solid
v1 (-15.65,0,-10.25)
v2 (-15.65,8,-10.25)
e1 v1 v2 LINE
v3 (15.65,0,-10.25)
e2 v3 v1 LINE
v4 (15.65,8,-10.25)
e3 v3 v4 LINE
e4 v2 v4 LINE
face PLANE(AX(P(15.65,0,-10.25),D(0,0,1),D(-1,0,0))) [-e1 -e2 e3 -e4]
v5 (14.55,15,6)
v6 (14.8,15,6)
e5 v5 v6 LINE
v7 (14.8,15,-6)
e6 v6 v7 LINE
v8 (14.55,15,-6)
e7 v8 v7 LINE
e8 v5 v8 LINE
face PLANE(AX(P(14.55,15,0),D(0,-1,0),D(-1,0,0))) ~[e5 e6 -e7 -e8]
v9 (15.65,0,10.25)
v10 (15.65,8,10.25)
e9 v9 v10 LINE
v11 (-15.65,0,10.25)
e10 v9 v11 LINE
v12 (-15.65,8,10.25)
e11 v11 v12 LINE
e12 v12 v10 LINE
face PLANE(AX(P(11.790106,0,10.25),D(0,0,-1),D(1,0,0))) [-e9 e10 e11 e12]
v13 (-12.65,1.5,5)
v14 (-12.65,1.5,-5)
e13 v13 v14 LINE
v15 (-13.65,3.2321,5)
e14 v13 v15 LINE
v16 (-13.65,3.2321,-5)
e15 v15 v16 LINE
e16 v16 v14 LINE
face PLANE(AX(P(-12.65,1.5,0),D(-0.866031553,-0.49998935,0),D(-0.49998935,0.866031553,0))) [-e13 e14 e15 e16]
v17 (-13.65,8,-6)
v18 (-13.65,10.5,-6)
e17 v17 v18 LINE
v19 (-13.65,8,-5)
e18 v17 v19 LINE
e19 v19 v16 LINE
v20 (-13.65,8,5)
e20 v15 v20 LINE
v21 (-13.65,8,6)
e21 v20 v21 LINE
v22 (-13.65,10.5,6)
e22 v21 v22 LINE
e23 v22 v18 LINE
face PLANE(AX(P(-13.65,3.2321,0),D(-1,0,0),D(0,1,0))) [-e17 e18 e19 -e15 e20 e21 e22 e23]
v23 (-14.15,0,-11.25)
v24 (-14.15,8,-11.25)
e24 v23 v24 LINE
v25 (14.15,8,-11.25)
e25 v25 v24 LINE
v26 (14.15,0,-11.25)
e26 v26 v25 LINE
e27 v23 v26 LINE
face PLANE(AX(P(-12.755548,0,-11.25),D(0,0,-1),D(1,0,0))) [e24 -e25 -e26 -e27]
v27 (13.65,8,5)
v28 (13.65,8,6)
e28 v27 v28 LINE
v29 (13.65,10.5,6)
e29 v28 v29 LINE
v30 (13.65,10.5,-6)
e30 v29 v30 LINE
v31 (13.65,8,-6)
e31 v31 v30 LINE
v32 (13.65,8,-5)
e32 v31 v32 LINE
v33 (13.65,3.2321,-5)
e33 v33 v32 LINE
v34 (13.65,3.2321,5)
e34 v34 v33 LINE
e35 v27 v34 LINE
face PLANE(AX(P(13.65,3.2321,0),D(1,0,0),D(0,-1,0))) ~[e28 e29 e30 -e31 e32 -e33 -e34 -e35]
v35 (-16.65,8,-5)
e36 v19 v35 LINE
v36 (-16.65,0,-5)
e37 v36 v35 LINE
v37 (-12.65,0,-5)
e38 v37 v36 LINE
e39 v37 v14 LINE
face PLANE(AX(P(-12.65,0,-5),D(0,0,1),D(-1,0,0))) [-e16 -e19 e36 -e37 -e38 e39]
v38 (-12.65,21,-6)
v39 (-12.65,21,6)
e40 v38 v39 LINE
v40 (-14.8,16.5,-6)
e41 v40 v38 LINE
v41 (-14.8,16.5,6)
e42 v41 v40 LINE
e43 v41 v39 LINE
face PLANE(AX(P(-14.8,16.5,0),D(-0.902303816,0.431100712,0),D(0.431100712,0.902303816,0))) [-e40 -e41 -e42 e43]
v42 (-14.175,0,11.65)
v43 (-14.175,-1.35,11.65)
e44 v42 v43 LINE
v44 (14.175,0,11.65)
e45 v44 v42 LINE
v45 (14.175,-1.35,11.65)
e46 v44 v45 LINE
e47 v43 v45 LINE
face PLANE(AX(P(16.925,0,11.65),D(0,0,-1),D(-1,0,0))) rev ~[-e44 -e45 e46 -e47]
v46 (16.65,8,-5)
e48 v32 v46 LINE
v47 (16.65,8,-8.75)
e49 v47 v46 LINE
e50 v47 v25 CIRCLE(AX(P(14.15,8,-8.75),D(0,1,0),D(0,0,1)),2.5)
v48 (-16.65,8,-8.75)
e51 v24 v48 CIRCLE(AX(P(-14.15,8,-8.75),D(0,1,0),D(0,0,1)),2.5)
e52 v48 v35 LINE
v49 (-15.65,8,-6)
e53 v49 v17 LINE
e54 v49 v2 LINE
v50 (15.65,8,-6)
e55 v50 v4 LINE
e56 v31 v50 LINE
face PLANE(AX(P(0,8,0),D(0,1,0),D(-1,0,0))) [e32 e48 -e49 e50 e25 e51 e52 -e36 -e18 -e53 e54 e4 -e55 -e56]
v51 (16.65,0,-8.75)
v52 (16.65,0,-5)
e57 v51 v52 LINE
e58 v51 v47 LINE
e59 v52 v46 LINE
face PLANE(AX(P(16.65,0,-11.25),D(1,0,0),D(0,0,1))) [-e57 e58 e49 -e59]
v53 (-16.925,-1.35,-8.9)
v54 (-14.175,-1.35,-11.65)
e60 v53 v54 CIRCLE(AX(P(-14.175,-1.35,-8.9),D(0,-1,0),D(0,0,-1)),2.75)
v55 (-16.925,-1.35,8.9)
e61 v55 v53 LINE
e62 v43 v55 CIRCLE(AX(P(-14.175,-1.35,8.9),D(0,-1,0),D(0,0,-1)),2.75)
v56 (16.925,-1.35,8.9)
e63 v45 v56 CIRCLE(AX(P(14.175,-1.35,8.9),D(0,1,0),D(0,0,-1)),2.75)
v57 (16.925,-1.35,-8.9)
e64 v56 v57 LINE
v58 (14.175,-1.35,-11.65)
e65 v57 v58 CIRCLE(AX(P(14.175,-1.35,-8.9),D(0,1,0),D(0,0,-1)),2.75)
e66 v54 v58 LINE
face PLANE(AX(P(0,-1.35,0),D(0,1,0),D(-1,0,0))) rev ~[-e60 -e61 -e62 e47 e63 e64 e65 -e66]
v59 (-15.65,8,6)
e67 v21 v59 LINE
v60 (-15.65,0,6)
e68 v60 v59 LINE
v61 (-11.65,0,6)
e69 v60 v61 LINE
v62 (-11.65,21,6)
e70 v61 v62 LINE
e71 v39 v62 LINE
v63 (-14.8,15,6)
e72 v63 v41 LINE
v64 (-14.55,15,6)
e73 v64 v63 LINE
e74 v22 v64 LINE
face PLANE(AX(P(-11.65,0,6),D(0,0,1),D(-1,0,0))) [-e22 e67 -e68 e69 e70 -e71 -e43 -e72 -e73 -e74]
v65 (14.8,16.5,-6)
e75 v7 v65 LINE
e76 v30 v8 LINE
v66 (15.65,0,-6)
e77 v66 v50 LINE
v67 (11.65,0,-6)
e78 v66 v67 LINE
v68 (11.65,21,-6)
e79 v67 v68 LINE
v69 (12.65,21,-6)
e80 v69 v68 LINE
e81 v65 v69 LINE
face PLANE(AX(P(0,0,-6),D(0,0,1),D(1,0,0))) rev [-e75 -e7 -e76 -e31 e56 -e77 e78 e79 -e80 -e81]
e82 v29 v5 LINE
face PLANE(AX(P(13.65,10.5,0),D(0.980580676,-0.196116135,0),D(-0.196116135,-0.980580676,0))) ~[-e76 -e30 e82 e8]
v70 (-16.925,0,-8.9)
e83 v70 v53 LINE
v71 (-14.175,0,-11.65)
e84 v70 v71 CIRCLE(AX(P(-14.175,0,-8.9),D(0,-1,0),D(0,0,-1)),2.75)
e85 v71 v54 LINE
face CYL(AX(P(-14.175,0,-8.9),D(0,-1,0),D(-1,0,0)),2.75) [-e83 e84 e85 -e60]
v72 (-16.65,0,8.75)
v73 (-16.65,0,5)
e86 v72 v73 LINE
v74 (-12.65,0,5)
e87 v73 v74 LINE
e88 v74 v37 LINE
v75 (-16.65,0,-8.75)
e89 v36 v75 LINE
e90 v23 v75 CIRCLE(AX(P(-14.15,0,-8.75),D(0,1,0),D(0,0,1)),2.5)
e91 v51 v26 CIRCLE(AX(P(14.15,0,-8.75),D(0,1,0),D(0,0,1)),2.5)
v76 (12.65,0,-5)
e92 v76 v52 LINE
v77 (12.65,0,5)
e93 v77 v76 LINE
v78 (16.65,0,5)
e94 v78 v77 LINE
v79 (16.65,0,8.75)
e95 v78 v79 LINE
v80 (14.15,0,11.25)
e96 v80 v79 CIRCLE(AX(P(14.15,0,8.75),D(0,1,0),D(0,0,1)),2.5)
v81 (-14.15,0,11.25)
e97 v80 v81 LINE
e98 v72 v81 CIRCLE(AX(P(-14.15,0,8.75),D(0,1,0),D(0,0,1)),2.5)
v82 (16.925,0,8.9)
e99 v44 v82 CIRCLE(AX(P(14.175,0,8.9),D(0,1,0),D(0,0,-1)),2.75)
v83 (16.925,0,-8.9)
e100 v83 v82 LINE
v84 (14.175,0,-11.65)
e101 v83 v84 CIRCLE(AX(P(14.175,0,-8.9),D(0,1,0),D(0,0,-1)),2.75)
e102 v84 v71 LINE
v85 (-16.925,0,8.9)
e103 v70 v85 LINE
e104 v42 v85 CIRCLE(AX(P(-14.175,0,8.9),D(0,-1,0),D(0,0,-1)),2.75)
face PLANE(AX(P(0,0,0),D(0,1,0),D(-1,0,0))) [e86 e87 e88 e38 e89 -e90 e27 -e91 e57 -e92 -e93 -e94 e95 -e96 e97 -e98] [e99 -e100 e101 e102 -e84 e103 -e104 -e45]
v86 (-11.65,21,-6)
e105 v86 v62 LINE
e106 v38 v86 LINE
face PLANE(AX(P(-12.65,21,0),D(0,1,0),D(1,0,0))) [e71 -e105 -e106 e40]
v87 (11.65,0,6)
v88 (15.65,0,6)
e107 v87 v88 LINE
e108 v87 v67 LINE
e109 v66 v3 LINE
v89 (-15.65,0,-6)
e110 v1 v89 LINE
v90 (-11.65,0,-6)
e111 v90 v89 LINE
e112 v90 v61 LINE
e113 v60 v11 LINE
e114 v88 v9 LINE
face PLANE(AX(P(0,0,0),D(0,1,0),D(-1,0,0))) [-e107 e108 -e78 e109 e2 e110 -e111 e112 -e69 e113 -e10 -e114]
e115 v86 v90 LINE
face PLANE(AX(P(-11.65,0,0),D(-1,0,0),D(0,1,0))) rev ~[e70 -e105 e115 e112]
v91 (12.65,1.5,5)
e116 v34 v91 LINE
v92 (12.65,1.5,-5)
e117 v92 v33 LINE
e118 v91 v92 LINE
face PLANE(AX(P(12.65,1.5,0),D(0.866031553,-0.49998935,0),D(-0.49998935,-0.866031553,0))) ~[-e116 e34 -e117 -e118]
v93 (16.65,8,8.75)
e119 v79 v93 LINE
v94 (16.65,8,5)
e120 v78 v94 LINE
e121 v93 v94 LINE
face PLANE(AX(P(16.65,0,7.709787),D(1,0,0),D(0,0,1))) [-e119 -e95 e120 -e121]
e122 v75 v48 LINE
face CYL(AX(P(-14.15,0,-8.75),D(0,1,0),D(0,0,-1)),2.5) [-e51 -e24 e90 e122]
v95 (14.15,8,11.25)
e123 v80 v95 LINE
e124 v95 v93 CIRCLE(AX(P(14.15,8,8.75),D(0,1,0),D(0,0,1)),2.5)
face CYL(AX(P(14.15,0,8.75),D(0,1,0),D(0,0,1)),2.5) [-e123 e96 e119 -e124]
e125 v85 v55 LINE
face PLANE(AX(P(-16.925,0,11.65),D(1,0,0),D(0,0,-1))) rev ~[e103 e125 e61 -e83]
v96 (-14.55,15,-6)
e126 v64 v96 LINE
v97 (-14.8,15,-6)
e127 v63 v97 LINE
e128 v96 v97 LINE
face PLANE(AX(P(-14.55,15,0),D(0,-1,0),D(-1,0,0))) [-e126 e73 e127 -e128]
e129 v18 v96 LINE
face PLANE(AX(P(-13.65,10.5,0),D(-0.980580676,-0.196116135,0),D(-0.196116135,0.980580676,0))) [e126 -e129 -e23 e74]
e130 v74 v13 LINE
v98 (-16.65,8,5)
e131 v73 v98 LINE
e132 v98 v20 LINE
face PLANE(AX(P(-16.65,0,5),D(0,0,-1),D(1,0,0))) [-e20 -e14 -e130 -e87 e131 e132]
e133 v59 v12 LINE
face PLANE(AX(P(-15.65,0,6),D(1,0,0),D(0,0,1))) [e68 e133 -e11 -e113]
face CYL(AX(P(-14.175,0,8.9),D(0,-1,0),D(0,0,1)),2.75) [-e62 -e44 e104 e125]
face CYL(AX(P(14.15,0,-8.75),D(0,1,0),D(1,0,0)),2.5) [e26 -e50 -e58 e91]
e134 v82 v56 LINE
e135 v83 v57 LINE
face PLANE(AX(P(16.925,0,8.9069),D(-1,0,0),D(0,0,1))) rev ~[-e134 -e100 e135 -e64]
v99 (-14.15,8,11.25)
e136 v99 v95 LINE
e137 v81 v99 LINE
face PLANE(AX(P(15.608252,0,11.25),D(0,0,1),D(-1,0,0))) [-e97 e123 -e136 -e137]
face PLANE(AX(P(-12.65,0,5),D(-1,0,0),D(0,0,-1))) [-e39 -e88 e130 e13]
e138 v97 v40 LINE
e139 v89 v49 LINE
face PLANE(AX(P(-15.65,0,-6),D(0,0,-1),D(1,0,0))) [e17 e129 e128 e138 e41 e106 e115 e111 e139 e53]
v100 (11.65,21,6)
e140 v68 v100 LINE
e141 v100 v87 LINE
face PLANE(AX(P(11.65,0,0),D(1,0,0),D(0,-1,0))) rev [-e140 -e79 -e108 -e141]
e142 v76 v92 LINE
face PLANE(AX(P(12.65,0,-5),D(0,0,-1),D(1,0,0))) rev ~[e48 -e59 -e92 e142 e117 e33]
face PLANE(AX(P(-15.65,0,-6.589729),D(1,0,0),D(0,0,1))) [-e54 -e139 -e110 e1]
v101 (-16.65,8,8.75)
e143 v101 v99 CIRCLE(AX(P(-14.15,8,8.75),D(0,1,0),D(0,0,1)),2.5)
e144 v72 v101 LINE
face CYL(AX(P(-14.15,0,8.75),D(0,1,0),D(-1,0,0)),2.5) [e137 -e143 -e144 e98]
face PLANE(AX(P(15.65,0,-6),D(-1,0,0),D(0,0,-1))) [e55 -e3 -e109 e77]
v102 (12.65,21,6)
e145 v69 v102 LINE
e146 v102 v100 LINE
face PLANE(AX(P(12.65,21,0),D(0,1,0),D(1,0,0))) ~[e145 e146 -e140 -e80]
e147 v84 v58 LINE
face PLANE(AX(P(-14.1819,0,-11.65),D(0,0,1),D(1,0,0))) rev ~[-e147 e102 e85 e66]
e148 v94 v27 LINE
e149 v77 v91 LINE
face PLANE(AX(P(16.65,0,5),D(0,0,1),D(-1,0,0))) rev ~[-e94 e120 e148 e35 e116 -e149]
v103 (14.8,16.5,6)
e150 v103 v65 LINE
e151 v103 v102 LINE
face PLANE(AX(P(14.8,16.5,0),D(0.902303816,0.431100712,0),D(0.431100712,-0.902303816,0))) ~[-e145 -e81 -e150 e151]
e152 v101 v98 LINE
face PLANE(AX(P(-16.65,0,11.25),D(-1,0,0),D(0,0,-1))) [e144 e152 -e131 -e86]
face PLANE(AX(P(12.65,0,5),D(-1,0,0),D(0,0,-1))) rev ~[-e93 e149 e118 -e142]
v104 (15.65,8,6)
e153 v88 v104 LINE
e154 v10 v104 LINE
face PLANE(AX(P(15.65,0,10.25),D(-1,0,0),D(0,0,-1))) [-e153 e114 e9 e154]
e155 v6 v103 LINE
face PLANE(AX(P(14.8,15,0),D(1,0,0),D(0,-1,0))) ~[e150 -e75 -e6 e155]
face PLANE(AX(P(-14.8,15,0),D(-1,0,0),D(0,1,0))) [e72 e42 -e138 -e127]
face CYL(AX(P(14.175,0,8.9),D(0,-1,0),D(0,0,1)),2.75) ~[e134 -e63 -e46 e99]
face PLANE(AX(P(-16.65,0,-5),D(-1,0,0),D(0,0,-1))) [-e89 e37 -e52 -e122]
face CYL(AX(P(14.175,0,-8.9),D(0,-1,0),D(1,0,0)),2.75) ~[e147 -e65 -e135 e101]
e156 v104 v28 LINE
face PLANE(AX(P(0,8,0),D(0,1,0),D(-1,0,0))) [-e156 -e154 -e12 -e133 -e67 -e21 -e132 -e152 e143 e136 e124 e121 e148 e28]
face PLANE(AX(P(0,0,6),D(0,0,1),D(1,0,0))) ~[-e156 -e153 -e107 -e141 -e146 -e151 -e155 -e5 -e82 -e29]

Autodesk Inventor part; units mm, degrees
ref_plane "YZ Plane" through (0, 0, 0) normal (1, 0, 0) x (0, 1, 0)
ref_plane "XZ Plane" through (0, 0, 0) normal (0, 1, 0) x (-1, 0, 0)
ref_plane "XY Plane" through (0, 0, 0) normal (0, 0, 1) x (1, 0, 0)
sketch "Sketch - Main Body" plane through (0, 0, 0) normal (0, 1, 0) x (-1, 0, 0)
  line L0 (-16.925, 11.65) -> (16.925, 11.65)
  line L1 (16.925, 11.65) -> (16.925, -11.65)
  line L2 (16.925, -11.65) -> (-16.925, -11.65)
  line L3 (-16.925, -11.65) -> (-16.925, 11.65)
  line L4 (-16.925, 11.65) -> (16.925, -11.65) construction
  line L5 (16.925, 11.65) -> (-16.925, -11.65) construction
  line L6 (-16.65, 11.25) -> (16.65, 11.25)
  line L7 (16.65, -11.25) -> (-16.65, -11.25)
  line L8 (-16.65, 11.25) -> (16.65, -11.25) construction
  line L9 (16.65, 11.25) -> (-16.65, -11.25) construction
  line L10 (16.65, 5) -> (12.65, 5)
  line L11 (12.65, 5) -> (12.65, -5)
  line L12 (12.65, -5) -> (16.65, -5)
  line L13 (-16.65, 5) -> (-12.65, 5)
  line L14 (-12.65, 5) -> (-12.65, -5)
  line L15 (-12.65, -5) -> (-16.65, -5)
  line L16 (16.65, 11.25) -> (16.65, 5)
  line L17 (16.65, -5) -> (16.65, -11.25)
  line L18 (-16.65, -11.25) -> (-16.65, -5)
  line L19 (-16.65, 5) -> (-16.65, 11.25)
  line L20 (-15.65, -10.25) -> (15.65, -10.25)
  line L21 (15.65, -10.25) -> (15.65, -6)
  line L22 (15.65, -6) -> (11.65, -6)
  line L23 (11.65, -6) -> (11.65, 6)
  line L24 (11.65, 6) -> (15.65, 6)
  line L25 (15.65, 6) -> (15.65, 10.25)
  line L26 (15.65, 10.25) -> (-15.65, 10.25)
  line L27 (-15.65, 10.25) -> (-15.65, 6)
  line L28 (-15.65, 6) -> (-11.65, 6)
  line L29 (-11.65, 6) -> (-11.65, -6)
  line L30 (-11.65, -6) -> (-15.65, -6)
  line L31 (-15.65, -6) -> (-15.65, -10.25)
  circle A0 centre (-14.1819, 8.9069) radius 2.7431
  circle A1 centre (14.1819, -8.9069) radius 2.7431
  point P0 (0, 0)
  point P1 (12.65, 0)
  point P2 (0, 0)
  dimension "d0" = 33.85
  dimension "d1" = 23.3
  dimension "d2" = 33.3
  dimension "d3" = 22.5
  dimension "d4" = 10
  dimension "d5" = 4
  dimension "d6" = 1
  dimension "d26" = 38.98
  dimension "d27" = 5.4863
extrude "Extrusion1" add sketch "Sketch - Main Body" against normal blind 1.35
extrude "Extrusion2" add sketch "Sketch - Main Body" along normal blind 8 contours A0 L26 L27 L19 L6 | L6 L16 L10 L11 L12 L17 A1 L21 L22 L23 L24 L25 L26 A0 | A0 L19 L6 | A0 L27 L28 L29 L30 L31 L20 A1 L7 L18 L15 L14 L13 L19 | L17 A1 L7 L20 L21 | L17 L7 A1
sketch "Sketch2" plane through (0, 0, 0) normal (0, 0, 1) x (1, 0, 0)
  line L0 (-11.65, 0) -> (-11.65, 21)
  line L1 (-15.65, 0) -> (-11.65, 0) projected
  line L2 (-11.65, 0) -> (-12.8159, 0)
  line L3 (-12.65, 0) -> (-16.65, 0) projected
  line L4 (-12.65, 0) -> (-12.65, 1.5)
  line L5 (-12.65, 0) -> (-12.65, 8) projected
  line L6 (-12.65, 1.5) -> (-13.65, 3.2321)
  line L7 (-13.65, 3.2321) -> (-13.65, 10.5)
  line L8 (-13.65, 10.5) -> (-14.55, 15)
  line L9 (-14.55, 15) -> (-14.8, 15)
  line L10 (-14.8, 15) -> (-14.8, 16.5)
  line L11 (-14.8, 16.5) -> (-12.65, 21)
  line L12 (-12.65, 21) -> (-11.65, 21)
  line L13 (-16.65, 0) -> (-16.65, 8) projected
  point P0 (0, 0)
  dimension "d11" = 1.5
  dimension "d12" = 1.5
  dimension "d13" = 3
  dimension "d14" = 30
  dimension "d15" = 3.15
  dimension "d16" = 1
  dimension "d17" = 4.5
  dimension "d18" = 21
  dimension "d19" = 10.5
  dimension "d20" = 0.25
extrude "Extrusion3" add sketch "Sketch2" along normal mid plane 12
mirror "Mirror1" about plane through (0, 0, 0) normal (1, 0, 0) of "Extrusion3"
fillet "Fillet1" radius 2.5 4 edges at (16.65, 4, 11.25) (16.65, 4, -11.25) (-16.65, 4, -11.25) (-16.65, 4, 11.25)
fillet "Fillet2" radius 2.75 4 edges at (16.925, -0.675, 11.65) (-16.925, -0.675, 11.65) (16.925, -0.675, -11.65) (-16.925, -0.675, -11.65)
properties part number "Toyota Yaris Aux Cap"
